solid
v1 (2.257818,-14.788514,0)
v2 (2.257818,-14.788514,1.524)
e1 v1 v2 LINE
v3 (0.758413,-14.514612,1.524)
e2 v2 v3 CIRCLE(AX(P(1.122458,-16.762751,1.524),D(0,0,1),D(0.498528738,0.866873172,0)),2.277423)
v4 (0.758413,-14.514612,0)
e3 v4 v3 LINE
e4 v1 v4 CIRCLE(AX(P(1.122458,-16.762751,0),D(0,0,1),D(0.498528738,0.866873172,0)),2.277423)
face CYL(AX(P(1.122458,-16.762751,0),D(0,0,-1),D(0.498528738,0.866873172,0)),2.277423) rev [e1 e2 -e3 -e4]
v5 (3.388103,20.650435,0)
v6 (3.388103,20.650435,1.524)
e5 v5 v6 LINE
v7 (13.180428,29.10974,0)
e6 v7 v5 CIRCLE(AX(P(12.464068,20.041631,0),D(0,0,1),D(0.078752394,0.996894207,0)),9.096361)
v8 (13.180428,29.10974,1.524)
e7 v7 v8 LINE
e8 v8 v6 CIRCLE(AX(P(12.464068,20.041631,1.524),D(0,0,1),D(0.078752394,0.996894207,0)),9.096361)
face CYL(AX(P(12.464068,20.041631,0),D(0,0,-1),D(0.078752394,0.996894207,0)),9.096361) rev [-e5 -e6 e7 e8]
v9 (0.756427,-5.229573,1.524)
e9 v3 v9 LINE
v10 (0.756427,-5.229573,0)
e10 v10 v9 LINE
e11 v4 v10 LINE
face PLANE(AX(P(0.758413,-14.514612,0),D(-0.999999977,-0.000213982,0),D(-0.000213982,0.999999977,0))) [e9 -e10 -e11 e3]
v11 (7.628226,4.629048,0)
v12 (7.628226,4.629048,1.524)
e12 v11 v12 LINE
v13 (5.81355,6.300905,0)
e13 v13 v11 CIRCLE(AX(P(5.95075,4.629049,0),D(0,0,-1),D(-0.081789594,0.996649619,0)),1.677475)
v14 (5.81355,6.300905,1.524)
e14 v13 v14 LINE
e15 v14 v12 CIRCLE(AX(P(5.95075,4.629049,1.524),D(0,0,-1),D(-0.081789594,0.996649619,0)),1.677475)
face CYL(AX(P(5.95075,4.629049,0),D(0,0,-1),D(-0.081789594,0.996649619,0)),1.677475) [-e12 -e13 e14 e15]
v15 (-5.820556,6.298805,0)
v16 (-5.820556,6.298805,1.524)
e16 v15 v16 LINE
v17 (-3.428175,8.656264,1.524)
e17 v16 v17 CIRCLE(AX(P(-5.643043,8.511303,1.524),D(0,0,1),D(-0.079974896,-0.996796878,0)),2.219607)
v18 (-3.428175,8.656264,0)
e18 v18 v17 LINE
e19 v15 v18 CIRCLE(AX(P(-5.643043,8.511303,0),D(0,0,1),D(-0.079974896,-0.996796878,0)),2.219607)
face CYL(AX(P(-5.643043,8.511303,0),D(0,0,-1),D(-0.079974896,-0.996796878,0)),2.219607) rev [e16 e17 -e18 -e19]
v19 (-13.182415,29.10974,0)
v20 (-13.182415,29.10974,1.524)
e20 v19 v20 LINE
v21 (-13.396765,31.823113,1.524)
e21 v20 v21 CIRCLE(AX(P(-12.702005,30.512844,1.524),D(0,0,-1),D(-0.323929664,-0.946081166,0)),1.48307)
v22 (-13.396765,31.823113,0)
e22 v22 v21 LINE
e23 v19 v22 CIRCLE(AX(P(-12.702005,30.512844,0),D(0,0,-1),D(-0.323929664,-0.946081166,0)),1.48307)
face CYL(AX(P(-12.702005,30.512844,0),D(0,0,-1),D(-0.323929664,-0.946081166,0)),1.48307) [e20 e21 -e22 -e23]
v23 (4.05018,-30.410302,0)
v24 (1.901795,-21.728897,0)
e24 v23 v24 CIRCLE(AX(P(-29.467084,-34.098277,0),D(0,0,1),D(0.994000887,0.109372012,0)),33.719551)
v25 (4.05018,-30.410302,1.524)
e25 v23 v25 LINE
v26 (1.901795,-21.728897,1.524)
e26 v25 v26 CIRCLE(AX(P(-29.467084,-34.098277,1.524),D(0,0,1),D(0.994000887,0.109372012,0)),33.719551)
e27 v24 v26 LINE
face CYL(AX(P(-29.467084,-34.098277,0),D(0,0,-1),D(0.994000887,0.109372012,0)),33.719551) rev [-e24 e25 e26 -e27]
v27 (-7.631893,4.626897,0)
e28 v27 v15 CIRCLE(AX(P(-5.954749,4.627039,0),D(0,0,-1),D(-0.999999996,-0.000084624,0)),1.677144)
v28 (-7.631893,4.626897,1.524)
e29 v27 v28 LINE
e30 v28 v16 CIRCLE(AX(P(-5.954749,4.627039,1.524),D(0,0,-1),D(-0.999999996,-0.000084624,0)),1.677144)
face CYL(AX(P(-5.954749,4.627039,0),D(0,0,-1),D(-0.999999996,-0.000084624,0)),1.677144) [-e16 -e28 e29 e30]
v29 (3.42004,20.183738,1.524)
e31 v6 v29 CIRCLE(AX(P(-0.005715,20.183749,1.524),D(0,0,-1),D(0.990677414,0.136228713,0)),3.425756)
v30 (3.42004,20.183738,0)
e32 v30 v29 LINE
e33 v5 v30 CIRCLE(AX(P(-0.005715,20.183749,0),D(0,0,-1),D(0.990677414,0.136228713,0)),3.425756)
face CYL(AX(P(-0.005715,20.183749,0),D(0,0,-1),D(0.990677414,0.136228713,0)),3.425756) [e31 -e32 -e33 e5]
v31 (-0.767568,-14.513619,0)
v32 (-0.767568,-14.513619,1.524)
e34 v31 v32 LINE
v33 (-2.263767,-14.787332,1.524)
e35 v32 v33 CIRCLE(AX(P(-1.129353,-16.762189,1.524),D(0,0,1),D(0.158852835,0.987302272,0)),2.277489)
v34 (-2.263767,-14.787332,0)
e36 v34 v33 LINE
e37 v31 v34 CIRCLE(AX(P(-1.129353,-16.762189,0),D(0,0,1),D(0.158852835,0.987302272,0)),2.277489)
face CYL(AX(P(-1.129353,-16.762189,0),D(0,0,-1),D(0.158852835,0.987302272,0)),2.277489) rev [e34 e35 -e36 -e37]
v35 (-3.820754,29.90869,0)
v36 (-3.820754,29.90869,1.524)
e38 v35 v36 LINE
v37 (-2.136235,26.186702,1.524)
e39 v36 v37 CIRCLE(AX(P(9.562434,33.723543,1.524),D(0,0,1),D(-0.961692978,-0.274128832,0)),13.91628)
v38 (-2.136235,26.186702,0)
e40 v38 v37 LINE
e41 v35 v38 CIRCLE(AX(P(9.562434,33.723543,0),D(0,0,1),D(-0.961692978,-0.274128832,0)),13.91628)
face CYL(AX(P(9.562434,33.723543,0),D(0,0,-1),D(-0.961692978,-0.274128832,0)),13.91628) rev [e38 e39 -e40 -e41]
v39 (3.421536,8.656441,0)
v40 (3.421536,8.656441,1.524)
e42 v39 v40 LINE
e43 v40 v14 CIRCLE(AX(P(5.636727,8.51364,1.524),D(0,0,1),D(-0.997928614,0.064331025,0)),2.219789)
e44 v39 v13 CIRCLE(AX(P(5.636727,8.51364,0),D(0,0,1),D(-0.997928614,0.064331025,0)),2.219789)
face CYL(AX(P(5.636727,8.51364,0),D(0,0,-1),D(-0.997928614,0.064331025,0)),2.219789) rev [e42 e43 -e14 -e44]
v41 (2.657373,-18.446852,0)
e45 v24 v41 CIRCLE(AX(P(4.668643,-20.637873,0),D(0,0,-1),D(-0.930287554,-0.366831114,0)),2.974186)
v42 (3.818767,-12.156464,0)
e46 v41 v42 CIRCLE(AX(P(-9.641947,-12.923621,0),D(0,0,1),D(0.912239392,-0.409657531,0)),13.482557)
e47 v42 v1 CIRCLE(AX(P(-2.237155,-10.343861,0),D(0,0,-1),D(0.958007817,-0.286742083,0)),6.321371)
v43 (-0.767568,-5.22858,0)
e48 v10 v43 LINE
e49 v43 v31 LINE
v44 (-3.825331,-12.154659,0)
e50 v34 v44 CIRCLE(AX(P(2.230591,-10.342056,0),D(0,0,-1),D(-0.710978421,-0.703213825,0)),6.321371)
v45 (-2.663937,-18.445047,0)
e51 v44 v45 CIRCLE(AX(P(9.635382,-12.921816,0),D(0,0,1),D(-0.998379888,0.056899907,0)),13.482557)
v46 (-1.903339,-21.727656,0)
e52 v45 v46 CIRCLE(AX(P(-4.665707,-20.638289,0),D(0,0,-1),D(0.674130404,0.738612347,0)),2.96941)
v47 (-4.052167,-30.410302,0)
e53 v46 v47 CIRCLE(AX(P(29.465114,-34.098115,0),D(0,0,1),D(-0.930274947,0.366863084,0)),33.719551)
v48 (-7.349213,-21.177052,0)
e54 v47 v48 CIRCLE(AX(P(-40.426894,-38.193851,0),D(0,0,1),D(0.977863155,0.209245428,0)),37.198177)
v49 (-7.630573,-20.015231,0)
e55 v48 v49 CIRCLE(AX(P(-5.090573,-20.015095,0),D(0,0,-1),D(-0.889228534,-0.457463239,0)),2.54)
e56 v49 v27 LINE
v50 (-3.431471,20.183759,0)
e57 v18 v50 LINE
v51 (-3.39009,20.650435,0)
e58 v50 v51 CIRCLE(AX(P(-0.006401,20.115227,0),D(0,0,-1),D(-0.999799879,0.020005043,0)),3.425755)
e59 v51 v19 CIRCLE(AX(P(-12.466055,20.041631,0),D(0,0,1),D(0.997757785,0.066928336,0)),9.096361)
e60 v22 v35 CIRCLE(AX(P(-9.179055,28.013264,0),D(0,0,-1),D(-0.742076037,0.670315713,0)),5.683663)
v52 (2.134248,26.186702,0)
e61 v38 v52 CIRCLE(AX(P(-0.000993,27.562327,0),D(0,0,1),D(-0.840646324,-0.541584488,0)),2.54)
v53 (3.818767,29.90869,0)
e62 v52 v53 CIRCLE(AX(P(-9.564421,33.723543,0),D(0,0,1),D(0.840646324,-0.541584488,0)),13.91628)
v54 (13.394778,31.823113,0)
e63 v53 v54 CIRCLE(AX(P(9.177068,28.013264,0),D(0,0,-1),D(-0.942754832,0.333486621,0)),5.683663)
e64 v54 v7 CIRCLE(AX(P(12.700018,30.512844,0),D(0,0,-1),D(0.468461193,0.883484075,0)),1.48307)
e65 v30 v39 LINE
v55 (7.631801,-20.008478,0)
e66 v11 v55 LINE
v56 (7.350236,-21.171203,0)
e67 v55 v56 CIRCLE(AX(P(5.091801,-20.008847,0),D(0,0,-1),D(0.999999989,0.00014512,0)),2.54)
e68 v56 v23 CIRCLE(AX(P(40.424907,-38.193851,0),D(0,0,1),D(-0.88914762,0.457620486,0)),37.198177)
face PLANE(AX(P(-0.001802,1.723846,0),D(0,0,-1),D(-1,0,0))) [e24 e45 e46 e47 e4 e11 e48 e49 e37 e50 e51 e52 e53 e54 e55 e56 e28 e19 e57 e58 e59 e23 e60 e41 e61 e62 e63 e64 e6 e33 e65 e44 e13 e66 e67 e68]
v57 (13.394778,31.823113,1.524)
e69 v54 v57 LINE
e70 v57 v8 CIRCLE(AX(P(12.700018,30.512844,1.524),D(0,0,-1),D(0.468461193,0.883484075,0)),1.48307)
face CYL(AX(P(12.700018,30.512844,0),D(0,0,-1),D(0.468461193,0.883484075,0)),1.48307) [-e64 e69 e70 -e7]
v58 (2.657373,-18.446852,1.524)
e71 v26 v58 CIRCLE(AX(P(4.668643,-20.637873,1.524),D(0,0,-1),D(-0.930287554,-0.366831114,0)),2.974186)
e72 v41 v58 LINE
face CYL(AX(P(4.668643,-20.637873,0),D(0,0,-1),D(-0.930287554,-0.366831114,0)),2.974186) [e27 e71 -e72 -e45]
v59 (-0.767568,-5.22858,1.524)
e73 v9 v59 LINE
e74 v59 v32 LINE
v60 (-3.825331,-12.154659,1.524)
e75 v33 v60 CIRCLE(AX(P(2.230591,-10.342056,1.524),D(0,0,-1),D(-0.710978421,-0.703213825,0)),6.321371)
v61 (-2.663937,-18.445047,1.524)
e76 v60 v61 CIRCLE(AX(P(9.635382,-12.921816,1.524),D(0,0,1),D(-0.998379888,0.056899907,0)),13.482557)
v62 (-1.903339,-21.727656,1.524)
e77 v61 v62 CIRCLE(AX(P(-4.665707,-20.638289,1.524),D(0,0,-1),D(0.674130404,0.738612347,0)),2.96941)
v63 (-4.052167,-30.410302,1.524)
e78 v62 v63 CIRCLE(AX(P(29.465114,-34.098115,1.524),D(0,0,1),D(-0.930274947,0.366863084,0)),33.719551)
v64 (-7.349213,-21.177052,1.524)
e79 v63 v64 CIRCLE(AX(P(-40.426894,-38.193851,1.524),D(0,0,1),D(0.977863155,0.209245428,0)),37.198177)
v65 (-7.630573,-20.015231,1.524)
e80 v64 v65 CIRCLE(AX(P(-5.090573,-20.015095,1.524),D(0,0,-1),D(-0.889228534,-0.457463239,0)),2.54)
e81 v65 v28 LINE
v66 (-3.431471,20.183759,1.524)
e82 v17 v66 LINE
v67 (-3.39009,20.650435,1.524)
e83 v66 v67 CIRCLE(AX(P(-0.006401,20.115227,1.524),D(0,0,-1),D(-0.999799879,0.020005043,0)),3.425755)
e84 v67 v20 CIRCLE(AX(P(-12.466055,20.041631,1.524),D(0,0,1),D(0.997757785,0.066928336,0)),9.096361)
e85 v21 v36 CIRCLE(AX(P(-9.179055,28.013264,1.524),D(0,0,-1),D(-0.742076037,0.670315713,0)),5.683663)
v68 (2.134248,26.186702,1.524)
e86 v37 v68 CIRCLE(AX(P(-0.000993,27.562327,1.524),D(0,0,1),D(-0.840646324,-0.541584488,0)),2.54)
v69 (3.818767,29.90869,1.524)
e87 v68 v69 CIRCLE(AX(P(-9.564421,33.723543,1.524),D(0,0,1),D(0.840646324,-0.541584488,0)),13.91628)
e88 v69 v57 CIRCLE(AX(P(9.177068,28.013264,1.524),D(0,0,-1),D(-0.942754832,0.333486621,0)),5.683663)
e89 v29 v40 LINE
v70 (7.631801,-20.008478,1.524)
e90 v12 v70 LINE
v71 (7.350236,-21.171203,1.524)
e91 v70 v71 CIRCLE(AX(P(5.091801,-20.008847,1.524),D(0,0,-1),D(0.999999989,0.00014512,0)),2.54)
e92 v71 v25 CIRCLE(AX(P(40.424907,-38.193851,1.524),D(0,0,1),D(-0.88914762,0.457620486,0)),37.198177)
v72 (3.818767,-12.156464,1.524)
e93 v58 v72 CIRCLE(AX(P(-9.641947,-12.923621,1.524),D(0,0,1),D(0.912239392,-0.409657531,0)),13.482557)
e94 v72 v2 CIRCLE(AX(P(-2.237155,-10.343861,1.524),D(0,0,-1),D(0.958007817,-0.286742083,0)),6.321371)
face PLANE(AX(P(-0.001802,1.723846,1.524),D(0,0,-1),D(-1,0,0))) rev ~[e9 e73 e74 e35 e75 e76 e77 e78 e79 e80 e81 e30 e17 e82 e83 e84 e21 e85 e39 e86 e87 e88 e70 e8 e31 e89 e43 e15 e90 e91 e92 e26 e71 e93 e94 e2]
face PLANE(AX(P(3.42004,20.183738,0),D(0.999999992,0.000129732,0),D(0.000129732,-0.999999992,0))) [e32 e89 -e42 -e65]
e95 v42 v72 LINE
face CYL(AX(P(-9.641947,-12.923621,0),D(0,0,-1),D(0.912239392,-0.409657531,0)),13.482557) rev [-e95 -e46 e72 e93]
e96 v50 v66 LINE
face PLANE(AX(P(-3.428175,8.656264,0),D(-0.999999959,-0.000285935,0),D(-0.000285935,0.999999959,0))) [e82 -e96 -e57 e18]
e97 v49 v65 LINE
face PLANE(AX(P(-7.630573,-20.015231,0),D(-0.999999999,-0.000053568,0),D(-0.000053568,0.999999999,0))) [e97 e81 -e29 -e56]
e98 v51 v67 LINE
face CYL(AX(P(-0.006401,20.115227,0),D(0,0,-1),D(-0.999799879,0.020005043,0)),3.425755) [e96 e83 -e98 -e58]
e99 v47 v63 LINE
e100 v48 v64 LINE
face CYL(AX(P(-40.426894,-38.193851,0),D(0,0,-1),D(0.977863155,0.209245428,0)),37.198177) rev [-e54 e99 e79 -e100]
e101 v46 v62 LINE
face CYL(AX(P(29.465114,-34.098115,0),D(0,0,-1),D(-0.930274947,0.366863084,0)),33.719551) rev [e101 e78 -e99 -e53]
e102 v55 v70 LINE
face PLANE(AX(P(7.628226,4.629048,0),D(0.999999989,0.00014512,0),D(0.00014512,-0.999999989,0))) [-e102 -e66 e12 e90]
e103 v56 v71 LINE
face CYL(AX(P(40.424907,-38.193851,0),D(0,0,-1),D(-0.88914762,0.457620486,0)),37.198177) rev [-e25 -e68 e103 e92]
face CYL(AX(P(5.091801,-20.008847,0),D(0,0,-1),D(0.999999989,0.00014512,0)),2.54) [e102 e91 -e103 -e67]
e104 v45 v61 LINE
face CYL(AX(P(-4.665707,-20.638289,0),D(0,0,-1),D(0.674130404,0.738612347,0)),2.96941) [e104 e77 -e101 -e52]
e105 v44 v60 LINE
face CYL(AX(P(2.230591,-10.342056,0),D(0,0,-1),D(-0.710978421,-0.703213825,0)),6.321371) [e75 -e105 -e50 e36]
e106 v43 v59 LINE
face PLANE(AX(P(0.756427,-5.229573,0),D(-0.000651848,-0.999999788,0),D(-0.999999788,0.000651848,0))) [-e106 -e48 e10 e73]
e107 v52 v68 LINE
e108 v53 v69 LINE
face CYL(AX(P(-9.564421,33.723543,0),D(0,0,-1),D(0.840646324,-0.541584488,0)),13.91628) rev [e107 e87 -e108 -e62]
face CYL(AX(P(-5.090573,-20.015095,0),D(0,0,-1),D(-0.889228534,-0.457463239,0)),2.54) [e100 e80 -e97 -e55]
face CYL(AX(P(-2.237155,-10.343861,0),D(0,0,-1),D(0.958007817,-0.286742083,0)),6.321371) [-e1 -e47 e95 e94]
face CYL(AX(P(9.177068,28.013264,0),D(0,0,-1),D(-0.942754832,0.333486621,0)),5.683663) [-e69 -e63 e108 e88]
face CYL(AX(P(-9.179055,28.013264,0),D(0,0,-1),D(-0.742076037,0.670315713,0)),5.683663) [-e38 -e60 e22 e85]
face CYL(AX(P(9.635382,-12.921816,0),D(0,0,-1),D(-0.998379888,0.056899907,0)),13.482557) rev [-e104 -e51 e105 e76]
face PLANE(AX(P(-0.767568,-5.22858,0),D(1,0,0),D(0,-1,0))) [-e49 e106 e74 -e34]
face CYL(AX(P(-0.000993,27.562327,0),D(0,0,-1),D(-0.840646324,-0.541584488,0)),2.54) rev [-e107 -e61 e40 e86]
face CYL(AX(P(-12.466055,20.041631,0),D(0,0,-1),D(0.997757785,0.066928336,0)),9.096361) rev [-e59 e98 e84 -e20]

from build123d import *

# Parameters (mm, degrees)
BOSS_EXTRUDE1_DEPTH = 1.524


with BuildPart() as part:
    # Sketch1 → Boss-Extrude1 (new body)
    with BuildSketch(Plane.XY):
        with BuildLine():
            Line((0.758413423, -14.514612412), (0.756426596, -5.229573284))
            Line((0.756426596, -5.229573284), (-0.767567777, -5.228579871))
            Line((-0.767567777, -5.228579871), (-0.767567777, -14.513618998))
            ThreePointArc((-0.767567777, -14.513618998), (-1.539192536, -14.521879258), (-2.263766939, -14.78733158))
            ThreePointArc((-2.263766939, -14.78733158), (-3.206305559, -13.566940945), (-3.825331329, -12.1546593))
            ThreePointArc((-3.825331329, -12.1546593), (-3.623089301, -15.369727095), (-2.663937168, -18.445046583))
            ThreePointArc((-2.663937168, -18.445046583), (-1.772934243, -19.968018634), (-1.903339021, -21.727656288))
            ThreePointArc((-1.903339021, -21.727656288), (-3.266929983, -25.997412135), (-4.052166969, -30.410302139))
            ThreePointArc((-4.052166969, -30.410302139), (-5.395158951, -25.68457677), (-7.349213338, -21.177052042))
            ThreePointArc((-7.349213338, -21.177052042), (-7.559215071, -20.612929546), (-7.63057286, -20.015231476))
            Line((-7.63057286, -20.015231476), (-7.631892886, 4.626897175))
            ThreePointArc((-7.631892886, 4.626897175), (-7.092287621, 5.859442088), (-5.820556253, 6.298805414))
            ThreePointArc((-5.820556253, 6.298805414), (-4.085125664, 6.930306858), (-3.428174811, 8.656264268))
            Line((-3.428174811, 8.656264268), (-3.431470931, 20.183759219))
            ThreePointArc((-3.431470931, 20.183759219), (-3.418767766, 20.417805376), (-3.390090239, 20.650435067))
            ThreePointArc((-3.390090239, 20.650435067), (-6.519567928, 26.925166891), (-13.182414969, 29.109739933))
            ThreePointArc((-13.182414969, 29.109739933), (-14.180468361, 30.396049042), (-13.396765315, 31.823112892))
            ThreePointArc((-13.396765315, 31.823112892), (-8.064833076, 33.586641612), (-3.820754211, 29.9086898))
            ThreePointArc((-3.820754211, 29.9086898), (-3.115822585, 27.98554328), (-2.136235135, 26.186702108))
            ThreePointArc((-2.136235135, 26.186702108), (-0.000993472, 25.022326708), (2.134248191, 26.186702108))
            ThreePointArc((2.134248191, 26.186702108), (3.113835641, 27.98554328), (3.818767267, 29.9086898))
            ThreePointArc((3.818767267, 29.9086898), (8.062846132, 33.586641612), (13.394778371, 31.823112892))
            ThreePointArc((13.394778371, 31.823112892), (14.178481417, 30.396049042), (13.180428025, 29.109739933))
            ThreePointArc((13.180428025, 29.109739933), (6.517580984, 26.925166891), (3.388103295, 20.650435067))
            ThreePointArc((3.388103295, 20.650435067), (3.412047002, 20.417632477), (3.420040198, 20.183738364))
            Line((3.420040198, 20.183738364), (3.421535659, 8.656441281))
            ThreePointArc((3.421535659, 8.656441281), (4.079205123, 6.93199833), (5.813550357, 6.300904656))
            ThreePointArc((5.813550357, 6.300904656), (7.087362904, 5.86275757), (7.628225836, 4.6290483))
            Line((7.628225836, 4.6290483), (7.631801236, -20.008478102))
            ThreePointArc((7.631801236, -20.008478102), (7.56045, -20.606653876), (7.350236218, -21.171202742))
            ThreePointArc((7.350236218, -21.171202742), (5.394278235, -25.681479256), (4.050180025, -30.410302139))
            ThreePointArc((4.050180025, -30.410302139), (3.265080471, -25.998057724), (1.901795058, -21.728896802))
            ThreePointArc((1.901795058, -21.728896802), (1.770271466, -19.970622492), (2.657373106, -18.446851614))
            ThreePointArc((2.657373106, -18.446851614), (3.616525238, -15.371532126), (3.818767267, -12.156464331))
            ThreePointArc((3.818767267, -12.156464331), (3.199964786, -13.568369499), (2.257818447, -14.788514159))
            ThreePointArc((2.257818447, -14.788514159), (1.531710448, -14.522401162), (0.758413423, -14.514612412))
        make_face()
    extrude(amount=BOSS_EXTRUDE1_DEPTH)


solid = part.part
